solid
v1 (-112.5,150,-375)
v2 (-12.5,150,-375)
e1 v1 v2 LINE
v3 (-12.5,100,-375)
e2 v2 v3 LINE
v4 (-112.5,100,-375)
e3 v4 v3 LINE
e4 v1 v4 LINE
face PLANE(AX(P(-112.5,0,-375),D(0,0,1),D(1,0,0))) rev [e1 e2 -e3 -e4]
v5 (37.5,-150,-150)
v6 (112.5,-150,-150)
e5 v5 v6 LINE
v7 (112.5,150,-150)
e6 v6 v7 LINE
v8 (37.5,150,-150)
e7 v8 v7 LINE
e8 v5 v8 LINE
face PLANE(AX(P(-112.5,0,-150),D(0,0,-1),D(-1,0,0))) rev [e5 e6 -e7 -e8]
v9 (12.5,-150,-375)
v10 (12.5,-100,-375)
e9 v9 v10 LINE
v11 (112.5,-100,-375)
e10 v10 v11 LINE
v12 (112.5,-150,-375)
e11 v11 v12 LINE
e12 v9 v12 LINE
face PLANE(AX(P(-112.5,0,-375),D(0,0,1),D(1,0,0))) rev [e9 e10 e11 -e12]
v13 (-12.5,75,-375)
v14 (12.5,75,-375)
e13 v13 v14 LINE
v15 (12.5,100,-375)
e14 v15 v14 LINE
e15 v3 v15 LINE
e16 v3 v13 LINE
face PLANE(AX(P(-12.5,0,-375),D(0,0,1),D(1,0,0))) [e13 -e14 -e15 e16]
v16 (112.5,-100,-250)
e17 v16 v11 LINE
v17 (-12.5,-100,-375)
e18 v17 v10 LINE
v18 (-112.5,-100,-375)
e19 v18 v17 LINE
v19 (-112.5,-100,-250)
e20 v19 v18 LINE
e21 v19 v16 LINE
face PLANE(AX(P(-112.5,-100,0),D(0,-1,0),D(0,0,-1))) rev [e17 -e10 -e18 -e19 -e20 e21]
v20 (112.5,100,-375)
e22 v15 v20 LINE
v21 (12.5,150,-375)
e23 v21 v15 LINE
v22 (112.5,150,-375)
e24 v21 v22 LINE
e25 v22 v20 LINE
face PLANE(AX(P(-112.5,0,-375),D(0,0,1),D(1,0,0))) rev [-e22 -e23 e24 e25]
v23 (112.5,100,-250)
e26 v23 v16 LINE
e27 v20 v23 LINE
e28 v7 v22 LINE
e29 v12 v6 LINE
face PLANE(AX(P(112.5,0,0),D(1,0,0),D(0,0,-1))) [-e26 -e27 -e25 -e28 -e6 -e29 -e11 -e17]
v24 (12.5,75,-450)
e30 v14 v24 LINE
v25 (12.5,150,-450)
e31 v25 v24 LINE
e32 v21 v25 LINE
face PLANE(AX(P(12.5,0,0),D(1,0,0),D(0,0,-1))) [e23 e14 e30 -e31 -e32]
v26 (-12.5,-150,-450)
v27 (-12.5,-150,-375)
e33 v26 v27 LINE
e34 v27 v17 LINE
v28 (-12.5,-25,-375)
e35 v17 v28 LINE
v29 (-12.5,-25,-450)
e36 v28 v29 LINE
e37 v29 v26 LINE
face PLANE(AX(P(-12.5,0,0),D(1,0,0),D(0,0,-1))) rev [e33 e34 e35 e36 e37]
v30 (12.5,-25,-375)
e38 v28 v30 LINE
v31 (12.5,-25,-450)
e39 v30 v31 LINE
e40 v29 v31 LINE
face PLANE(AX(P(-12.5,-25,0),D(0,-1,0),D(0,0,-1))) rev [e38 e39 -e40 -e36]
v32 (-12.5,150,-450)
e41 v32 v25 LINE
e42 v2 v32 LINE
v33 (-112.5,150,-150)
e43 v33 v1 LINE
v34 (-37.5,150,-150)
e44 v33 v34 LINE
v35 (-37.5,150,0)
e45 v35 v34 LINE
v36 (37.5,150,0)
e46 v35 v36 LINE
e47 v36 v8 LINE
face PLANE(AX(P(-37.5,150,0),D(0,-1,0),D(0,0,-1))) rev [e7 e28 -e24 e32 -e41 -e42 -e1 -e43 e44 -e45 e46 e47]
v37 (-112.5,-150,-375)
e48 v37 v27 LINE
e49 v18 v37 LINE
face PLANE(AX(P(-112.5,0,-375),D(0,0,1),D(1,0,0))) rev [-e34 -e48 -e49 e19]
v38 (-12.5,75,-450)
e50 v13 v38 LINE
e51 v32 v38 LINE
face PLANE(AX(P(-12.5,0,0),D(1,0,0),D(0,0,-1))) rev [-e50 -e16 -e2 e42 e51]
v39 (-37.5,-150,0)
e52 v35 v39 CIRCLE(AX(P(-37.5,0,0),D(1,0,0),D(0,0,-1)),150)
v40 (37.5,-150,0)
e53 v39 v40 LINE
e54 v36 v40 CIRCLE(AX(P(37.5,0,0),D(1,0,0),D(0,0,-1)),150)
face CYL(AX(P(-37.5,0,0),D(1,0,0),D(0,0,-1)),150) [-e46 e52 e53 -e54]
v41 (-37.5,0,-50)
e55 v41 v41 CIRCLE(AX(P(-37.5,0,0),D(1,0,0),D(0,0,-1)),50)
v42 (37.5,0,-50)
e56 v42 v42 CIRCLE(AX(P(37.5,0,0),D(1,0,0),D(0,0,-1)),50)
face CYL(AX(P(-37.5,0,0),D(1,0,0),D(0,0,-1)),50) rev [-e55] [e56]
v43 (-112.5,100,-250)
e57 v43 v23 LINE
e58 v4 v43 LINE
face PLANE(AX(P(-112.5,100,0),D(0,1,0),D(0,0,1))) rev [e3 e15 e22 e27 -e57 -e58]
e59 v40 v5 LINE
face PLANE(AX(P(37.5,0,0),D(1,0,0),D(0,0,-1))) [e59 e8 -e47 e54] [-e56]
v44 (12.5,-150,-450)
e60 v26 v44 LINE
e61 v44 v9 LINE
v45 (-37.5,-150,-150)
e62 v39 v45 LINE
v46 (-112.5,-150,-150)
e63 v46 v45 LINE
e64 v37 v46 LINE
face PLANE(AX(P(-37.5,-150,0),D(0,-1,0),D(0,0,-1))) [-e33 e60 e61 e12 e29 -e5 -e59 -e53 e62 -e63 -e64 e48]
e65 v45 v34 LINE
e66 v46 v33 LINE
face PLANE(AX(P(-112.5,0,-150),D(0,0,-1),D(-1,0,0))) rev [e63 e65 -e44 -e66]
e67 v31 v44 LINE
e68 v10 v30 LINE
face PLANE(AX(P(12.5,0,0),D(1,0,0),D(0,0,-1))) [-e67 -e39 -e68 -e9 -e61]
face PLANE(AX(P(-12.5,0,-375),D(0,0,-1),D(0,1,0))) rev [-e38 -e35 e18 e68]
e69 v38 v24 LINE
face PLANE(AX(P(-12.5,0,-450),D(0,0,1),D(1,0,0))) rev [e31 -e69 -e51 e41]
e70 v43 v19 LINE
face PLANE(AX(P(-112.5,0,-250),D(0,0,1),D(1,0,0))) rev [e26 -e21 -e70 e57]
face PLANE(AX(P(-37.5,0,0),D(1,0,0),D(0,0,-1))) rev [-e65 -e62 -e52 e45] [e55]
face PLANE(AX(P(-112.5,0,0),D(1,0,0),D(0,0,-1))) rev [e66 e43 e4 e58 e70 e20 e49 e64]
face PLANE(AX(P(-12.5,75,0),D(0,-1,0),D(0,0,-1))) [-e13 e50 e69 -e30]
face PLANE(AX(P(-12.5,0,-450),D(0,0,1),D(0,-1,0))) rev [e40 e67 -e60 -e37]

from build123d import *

# Parameters (mm, degrees)
BOSS_EXTRUDE1_DEPTH      = 37.5
BOSS_EXTRUDE1_DEPTH_BACK = 37.5
SKETCH2_R                = 50
BOSS_EXTRUDE2_DEPTH      = 112.5
BOSS_EXTRUDE2_DEPTH_BACK = 112.5
BOSS_EXTRUDE3_DEPTH      = 12.5
BOSS_EXTRUDE3_DEPTH_BACK = 12.5
BOSS_EXTRUDE4_DEPTH      = 12.5
BOSS_EXTRUDE4_DEPTH_BACK = 12.5


with BuildPart() as part:
    # Sketch2 → Boss-Extrude1 (new, two sides: drawn at the far end of the back side and taken through both)
    with BuildSketch(Plane(origin=(0, 0, 0), x_dir=(0, 0, -1), z_dir=(1, 0, 0)).offset(-BOSS_EXTRUDE1_DEPTH_BACK)):
        with BuildLine():
            Line((150, 150), (0, 150))
            ThreePointArc((0, 150), (-150, 0), (0, -150))
            Line((0, -150), (150, -150))
            Line((150, -150), (150, 150))
        make_face()
        Circle(SKETCH2_R, mode=Mode.SUBTRACT)
    extrude(amount=BOSS_EXTRUDE1_DEPTH + BOSS_EXTRUDE1_DEPTH_BACK)

    # Sketch2<12> → Boss-Extrude2 (add, two sides: drawn at the far end of the back side and taken through both)
    with BuildSketch(Plane(origin=(0, 0, 0), x_dir=(0, 0, -1), z_dir=(1, 0, 0)).offset(-BOSS_EXTRUDE2_DEPTH_BACK)):
        Polygon((375, 150), (150, 150), (150, -150), (375, -150), (375, -100), (250, -100), (250, 100), (375, 100), align=None)
    extrude(amount=BOSS_EXTRUDE2_DEPTH + BOSS_EXTRUDE2_DEPTH_BACK)

    # Sketch2<13> → Boss-Extrude3 (add, two sides: drawn at the far end of the back side and taken through both)
    with BuildSketch(Plane(origin=(0, 0, 0), x_dir=(0, 0, -1), z_dir=(1, 0, 0)).offset(-BOSS_EXTRUDE3_DEPTH_BACK)):
        Polygon((450, 150), (375, 150), (375, 100), (375, 75), (450, 75), align=None)
    extrude(amount=BOSS_EXTRUDE3_DEPTH + BOSS_EXTRUDE3_DEPTH_BACK)

    # Sketch2<14> → Boss-Extrude4 (add, two sides: drawn at the far end of the back side and taken through both)
    with BuildSketch(Plane(origin=(0, 0, 0), x_dir=(0, 0, -1), z_dir=(1, 0, 0)).offset(-BOSS_EXTRUDE4_DEPTH_BACK)):
        Polygon((375, -100), (375, -150), (450, -150), (450, -25), (375, -25), align=None)
    extrude(amount=BOSS_EXTRUDE4_DEPTH + BOSS_EXTRUDE4_DEPTH_BACK)


solid = part.part
